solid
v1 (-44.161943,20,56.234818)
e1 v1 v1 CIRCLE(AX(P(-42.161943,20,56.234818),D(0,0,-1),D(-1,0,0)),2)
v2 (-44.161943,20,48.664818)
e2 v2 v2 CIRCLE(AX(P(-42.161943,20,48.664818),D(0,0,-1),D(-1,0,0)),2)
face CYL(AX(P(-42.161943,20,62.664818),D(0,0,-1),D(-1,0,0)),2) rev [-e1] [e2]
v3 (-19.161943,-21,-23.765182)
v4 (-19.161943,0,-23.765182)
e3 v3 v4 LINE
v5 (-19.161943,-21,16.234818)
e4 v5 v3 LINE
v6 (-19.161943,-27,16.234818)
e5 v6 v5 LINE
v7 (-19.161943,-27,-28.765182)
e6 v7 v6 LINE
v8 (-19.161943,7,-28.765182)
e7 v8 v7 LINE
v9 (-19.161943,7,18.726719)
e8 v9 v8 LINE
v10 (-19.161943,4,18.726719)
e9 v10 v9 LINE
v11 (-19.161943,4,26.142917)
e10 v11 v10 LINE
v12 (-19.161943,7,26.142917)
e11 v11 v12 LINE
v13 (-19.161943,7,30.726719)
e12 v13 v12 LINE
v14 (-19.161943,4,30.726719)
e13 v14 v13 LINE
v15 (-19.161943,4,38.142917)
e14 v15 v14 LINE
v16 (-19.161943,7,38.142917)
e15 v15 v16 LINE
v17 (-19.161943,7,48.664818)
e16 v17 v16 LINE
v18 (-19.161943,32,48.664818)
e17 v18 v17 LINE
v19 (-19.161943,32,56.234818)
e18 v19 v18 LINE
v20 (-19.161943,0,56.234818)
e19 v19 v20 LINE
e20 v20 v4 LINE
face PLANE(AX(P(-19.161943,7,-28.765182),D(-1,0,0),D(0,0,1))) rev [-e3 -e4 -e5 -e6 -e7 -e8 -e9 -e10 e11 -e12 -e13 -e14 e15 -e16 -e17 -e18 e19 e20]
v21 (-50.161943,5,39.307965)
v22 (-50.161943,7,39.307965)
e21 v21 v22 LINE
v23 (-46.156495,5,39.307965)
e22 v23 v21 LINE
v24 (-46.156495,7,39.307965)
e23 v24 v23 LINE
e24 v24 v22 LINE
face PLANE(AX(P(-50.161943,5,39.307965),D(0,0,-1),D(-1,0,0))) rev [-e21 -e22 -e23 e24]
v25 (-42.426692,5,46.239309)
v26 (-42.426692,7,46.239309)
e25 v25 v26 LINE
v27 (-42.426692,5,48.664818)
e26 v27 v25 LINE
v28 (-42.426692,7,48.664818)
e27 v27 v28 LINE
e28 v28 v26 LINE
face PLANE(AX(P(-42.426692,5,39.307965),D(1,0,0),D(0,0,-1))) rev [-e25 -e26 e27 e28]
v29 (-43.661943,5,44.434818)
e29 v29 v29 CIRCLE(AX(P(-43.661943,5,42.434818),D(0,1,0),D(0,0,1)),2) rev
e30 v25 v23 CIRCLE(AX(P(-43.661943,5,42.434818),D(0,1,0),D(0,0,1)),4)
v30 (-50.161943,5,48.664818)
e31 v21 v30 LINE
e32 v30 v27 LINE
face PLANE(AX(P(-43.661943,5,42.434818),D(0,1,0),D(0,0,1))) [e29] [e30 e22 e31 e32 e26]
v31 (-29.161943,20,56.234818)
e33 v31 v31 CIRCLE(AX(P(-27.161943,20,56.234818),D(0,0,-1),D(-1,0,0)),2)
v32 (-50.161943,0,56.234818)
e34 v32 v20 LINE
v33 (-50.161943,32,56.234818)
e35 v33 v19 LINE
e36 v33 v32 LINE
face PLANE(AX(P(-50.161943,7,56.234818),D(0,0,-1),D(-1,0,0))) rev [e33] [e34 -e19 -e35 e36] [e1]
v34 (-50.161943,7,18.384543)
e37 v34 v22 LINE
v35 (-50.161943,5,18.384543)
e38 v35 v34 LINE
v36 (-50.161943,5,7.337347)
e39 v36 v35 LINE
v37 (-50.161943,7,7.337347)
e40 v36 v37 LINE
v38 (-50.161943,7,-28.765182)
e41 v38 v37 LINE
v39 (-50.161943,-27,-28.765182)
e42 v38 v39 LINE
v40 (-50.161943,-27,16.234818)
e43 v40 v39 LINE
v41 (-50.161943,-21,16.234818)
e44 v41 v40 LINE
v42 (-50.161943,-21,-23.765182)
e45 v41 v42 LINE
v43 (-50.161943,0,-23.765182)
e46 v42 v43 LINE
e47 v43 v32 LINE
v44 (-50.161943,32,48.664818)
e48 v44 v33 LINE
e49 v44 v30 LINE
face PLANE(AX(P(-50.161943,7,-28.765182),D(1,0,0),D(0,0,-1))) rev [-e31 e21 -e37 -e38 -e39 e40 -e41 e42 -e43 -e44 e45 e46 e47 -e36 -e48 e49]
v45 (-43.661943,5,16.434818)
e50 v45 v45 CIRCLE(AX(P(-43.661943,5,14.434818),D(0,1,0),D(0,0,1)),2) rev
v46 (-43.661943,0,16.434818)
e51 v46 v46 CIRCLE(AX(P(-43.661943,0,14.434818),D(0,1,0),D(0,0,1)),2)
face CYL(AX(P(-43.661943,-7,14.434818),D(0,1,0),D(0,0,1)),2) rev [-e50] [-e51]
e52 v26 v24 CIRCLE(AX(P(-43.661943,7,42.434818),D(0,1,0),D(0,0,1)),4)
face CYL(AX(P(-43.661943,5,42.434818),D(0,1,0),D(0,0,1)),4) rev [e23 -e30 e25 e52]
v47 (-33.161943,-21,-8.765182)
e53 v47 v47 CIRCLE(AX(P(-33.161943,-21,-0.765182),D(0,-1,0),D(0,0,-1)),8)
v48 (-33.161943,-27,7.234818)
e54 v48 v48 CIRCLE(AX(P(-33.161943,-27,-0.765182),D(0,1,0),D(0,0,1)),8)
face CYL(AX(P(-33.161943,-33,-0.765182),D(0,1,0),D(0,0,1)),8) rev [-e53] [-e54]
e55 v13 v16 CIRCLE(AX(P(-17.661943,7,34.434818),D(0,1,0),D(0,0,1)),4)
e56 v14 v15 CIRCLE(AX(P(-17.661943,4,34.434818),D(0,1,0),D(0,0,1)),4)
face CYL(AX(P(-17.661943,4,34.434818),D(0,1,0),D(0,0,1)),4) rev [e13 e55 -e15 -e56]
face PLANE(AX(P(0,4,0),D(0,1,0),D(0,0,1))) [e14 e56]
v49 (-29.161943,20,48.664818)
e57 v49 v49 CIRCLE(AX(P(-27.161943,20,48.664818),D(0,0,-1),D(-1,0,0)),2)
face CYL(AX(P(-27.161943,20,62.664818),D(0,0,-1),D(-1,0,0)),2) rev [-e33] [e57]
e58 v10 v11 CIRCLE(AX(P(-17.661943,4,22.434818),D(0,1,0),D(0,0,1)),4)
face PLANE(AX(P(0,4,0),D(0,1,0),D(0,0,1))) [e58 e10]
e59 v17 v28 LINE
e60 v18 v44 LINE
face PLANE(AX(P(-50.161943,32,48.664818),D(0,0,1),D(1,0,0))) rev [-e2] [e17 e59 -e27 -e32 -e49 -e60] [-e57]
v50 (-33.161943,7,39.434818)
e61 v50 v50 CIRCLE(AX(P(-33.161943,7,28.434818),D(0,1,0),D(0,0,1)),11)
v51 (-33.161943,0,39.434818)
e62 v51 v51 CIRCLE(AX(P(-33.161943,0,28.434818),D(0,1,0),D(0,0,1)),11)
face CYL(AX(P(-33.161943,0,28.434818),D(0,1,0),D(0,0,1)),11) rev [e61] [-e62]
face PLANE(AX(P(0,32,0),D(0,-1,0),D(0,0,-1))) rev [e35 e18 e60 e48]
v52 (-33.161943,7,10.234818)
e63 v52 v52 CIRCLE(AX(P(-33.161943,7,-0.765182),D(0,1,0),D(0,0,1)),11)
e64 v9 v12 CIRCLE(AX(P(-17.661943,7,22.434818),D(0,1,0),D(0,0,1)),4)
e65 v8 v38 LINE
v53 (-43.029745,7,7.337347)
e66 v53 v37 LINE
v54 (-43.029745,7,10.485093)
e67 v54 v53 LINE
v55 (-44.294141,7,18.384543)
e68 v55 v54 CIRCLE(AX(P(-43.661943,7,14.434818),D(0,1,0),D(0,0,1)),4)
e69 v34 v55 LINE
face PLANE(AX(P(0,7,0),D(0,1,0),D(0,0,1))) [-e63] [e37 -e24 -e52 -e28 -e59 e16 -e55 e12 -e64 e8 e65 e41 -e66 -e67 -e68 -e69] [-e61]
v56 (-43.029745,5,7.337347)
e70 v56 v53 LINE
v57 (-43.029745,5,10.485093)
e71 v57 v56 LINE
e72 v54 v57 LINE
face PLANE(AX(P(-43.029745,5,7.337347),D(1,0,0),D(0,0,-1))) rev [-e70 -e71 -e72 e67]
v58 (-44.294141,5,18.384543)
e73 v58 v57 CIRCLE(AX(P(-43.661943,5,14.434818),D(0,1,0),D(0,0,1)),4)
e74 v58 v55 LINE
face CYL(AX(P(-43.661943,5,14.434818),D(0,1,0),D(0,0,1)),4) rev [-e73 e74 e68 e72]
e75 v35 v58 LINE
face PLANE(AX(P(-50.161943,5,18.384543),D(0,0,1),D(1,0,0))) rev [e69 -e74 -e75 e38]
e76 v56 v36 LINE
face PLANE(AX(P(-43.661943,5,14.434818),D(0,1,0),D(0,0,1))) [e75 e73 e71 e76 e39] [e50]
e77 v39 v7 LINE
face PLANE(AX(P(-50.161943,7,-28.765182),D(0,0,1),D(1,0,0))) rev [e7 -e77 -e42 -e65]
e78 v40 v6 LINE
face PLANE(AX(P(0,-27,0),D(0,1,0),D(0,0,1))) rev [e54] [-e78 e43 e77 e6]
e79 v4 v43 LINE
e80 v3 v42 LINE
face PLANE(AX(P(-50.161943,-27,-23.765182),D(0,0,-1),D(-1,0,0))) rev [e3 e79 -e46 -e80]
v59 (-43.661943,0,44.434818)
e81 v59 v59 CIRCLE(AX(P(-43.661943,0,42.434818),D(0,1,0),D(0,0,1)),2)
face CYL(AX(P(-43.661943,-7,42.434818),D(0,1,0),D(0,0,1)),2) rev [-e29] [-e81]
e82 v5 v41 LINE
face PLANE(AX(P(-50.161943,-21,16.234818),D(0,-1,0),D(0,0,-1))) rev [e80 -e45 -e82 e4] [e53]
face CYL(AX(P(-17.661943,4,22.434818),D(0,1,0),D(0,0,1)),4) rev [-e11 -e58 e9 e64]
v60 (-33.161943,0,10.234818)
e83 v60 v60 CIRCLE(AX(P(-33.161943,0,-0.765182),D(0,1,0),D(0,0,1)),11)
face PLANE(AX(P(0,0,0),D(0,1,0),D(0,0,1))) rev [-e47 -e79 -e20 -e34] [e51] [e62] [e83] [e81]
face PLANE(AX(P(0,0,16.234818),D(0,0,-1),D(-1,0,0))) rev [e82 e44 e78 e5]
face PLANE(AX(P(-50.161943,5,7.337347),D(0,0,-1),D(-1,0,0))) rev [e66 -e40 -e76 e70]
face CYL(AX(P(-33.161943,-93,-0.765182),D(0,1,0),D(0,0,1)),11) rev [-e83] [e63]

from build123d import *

# Parameters (mm, degrees)
SKETCH1_W           = 31
SKETCH1_H           = 85
BOSS_EXTRUDE1_DEPTH = 7
SKETCH2_R           = 11
CUT_EXTRUDE1_DEPTH  = 100
SKETCH3_R           = 11
CUT_EXTRUDE2_DEPTH  = 7
SKETCH4_W           = 31
SKETCH4_H           = 7.57
BOSS_EXTRUDE3_DEPTH = 25
SKETCH5_R           = 2
CUT_EXTRUDE3_DEPTH  = 14
SKETCH6_R           = 2
CUT_EXTRUDE4_DEPTH  = 14
SKETCH10_W          = 31
SKETCH10_H          = 5
BOSS_EXTRUDE4_DEPTH = 27
SKETCH11_W          = 31
SKETCH11_H          = 6
BOSS_EXTRUDE5_DEPTH = 40
SKETCH9_R           = 8
CUT_EXTRUDE5_DEPTH  = 40
SKETCH13_R          = 4
CUT_EXTRUDE6_DEPTH  = 2
SKETCH15_W          = 7.132198052
SKETCH15_H          = 11.047195358
SKETCH15_W_2        = 7.735251328
SKETCH15_H_2        = 9.356853031
CUT_EXTRUDE9_DEPTH  = 2
CUT_EXTRUDE10_DEPTH = 3


with BuildPart() as part:
    # Sketch1 → Boss-Extrude1 (new body)
    with BuildSketch(Plane(origin=(0, 0, 0), x_dir=(1, 0, 0), z_dir=(0, 1, 0))):
        with Locations((-34.66194332, -13.734817814)):
            Rectangle(SKETCH1_W, SKETCH1_H)
    extrude(amount=BOSS_EXTRUDE1_DEPTH)

    # Sketch2 → Cut-Extrude1 (cut)
    with BuildSketch(Plane(origin=(0, 7, 0), x_dir=(1, 0, 0), z_dir=(0, 1, 0))):
        with Locations(Location((-33.16194332, 0.765182186, 0), (0, 0, 270))):
            Circle(SKETCH2_R)
    extrude(amount=-CUT_EXTRUDE1_DEPTH, mode=Mode.SUBTRACT)

    # Sketch3 → Cut-Extrude2 (cut)
    with BuildSketch(Plane(origin=(0, 7, 0), x_dir=(1, 0, 0), z_dir=(0, 1, 0))):
        with Locations(Location((-33.16194332, -28.434817814, 0), (0, 0, 270))):
            Circle(SKETCH3_R)
    extrude(amount=-CUT_EXTRUDE2_DEPTH, mode=Mode.SUBTRACT)

    # Sketch4 → Boss-Extrude3 (add)
    with BuildSketch(Plane(origin=(0, 7, 0), x_dir=(1, 0, 0), z_dir=(0, 1, 0))):
        with Locations((-34.66194332, -52.449817814)):
            Rectangle(SKETCH4_W, SKETCH4_H)
    extrude(amount=BOSS_EXTRUDE3_DEPTH)

    # Sketch5 → Cut-Extrude3 (cut)
    with BuildSketch(Plane(origin=(0, 0, 48.664817814), x_dir=(-1, 0, 0), z_dir=(0, 0, -1))):
        with Locations((42.16194332, 20)):
            Circle(SKETCH5_R)
        with Locations((27.16194332, 20)):
            Circle(SKETCH5_R)
    extrude(amount=-CUT_EXTRUDE3_DEPTH, mode=Mode.SUBTRACT)

    # Sketch6 → Cut-Extrude4 (cut)
    with BuildSketch(Plane(origin=(0, 7, 0), x_dir=(1, 0, 0), z_dir=(0, 1, 0))):
        with Locations(Location((-43.66194332, -14.434817814, 0), (0, 0, 270))):
            Circle(SKETCH6_R)
        with Locations(Location((-43.66194332, -42.434817814, 0), (0, 0, 270))):
            Circle(SKETCH6_R)
    extrude(amount=-CUT_EXTRUDE4_DEPTH, mode=Mode.SUBTRACT)

    # Sketch10 → Boss-Extrude4 (add)
    with BuildSketch(Plane.XZ):
        with Locations((-34.66194332, -26.265182186)):
            Rectangle(SKETCH10_W, SKETCH10_H)
    extrude(amount=BOSS_EXTRUDE4_DEPTH)

    # Sketch11 → Boss-Extrude5 (add)
    with BuildSketch(Plane.XY.offset(-23.765182186)):
        with Locations((-34.66194332, -24)):
            Rectangle(SKETCH11_W, SKETCH11_H)
    extrude(amount=BOSS_EXTRUDE5_DEPTH)

    # Sketch9 → Cut-Extrude5 (cut)
    with BuildSketch(Plane(origin=(0, 7, 0), x_dir=(1, 0, 0), z_dir=(0, 1, 0))):
        with Locations(Location((-33.16194332, 0.765182186, 0), (0, 0, 270))):
            Circle(SKETCH9_R)
    extrude(amount=-CUT_EXTRUDE5_DEPTH, mode=Mode.SUBTRACT)

    # Sketch13 → Cut-Extrude6 (cut)
    with BuildSketch(Plane(origin=(0, 7, 0), x_dir=(1, 0, 0), z_dir=(0, 1, 0))):
        with Locations(Location((-43.66194332, -14.434817814, 0), (0, 0, 270))):
            Circle(SKETCH13_R)
        with Locations(Location((-43.66194332, -42.434817814, 0), (0, 0, 270))):
            Circle(SKETCH13_R)
    extrude(amount=-CUT_EXTRUDE6_DEPTH, mode=Mode.SUBTRACT)

    # Sketch15 → Cut-Extrude9 (cut)
    with BuildSketch(Plane(origin=(0, 7, 0), x_dir=(1, 0, 0), z_dir=(0, 1, 0))):
        with Locations((-46.595844294, -12.860944888)):
            Rectangle(SKETCH15_W, SKETCH15_H)
        with Locations((-46.294317656, -43.986391299)):
            Rectangle(SKETCH15_W_2, SKETCH15_H_2)
    extrude(amount=-CUT_EXTRUDE9_DEPTH, mode=Mode.SUBTRACT)

    # Sketch17 → Cut-Extrude10 (cut)
    with BuildSketch(Plane(origin=(0, 7, 0), x_dir=(1, 0, 0), z_dir=(0, 1, 0))):
        with BuildLine():
            ThreePointArc((-19.16194332, -18.72671857), (-21.66194332, -22.434817814), (-19.16194332, -26.142917057))
            Line((-19.16194332, -26.142917057), (-19.16194332, -18.72671857))
        make_face()
        with BuildLine():
            Line((-19.16194332, -38.142917057), (-19.16194332, -30.72671857))
            ThreePointArc((-19.16194332, -30.72671857), (-21.66194332, -34.434817814), (-19.16194332, -38.142917057))
        make_face()
    extrude(amount=-CUT_EXTRUDE10_DEPTH, mode=Mode.SUBTRACT)


solid = part.part
